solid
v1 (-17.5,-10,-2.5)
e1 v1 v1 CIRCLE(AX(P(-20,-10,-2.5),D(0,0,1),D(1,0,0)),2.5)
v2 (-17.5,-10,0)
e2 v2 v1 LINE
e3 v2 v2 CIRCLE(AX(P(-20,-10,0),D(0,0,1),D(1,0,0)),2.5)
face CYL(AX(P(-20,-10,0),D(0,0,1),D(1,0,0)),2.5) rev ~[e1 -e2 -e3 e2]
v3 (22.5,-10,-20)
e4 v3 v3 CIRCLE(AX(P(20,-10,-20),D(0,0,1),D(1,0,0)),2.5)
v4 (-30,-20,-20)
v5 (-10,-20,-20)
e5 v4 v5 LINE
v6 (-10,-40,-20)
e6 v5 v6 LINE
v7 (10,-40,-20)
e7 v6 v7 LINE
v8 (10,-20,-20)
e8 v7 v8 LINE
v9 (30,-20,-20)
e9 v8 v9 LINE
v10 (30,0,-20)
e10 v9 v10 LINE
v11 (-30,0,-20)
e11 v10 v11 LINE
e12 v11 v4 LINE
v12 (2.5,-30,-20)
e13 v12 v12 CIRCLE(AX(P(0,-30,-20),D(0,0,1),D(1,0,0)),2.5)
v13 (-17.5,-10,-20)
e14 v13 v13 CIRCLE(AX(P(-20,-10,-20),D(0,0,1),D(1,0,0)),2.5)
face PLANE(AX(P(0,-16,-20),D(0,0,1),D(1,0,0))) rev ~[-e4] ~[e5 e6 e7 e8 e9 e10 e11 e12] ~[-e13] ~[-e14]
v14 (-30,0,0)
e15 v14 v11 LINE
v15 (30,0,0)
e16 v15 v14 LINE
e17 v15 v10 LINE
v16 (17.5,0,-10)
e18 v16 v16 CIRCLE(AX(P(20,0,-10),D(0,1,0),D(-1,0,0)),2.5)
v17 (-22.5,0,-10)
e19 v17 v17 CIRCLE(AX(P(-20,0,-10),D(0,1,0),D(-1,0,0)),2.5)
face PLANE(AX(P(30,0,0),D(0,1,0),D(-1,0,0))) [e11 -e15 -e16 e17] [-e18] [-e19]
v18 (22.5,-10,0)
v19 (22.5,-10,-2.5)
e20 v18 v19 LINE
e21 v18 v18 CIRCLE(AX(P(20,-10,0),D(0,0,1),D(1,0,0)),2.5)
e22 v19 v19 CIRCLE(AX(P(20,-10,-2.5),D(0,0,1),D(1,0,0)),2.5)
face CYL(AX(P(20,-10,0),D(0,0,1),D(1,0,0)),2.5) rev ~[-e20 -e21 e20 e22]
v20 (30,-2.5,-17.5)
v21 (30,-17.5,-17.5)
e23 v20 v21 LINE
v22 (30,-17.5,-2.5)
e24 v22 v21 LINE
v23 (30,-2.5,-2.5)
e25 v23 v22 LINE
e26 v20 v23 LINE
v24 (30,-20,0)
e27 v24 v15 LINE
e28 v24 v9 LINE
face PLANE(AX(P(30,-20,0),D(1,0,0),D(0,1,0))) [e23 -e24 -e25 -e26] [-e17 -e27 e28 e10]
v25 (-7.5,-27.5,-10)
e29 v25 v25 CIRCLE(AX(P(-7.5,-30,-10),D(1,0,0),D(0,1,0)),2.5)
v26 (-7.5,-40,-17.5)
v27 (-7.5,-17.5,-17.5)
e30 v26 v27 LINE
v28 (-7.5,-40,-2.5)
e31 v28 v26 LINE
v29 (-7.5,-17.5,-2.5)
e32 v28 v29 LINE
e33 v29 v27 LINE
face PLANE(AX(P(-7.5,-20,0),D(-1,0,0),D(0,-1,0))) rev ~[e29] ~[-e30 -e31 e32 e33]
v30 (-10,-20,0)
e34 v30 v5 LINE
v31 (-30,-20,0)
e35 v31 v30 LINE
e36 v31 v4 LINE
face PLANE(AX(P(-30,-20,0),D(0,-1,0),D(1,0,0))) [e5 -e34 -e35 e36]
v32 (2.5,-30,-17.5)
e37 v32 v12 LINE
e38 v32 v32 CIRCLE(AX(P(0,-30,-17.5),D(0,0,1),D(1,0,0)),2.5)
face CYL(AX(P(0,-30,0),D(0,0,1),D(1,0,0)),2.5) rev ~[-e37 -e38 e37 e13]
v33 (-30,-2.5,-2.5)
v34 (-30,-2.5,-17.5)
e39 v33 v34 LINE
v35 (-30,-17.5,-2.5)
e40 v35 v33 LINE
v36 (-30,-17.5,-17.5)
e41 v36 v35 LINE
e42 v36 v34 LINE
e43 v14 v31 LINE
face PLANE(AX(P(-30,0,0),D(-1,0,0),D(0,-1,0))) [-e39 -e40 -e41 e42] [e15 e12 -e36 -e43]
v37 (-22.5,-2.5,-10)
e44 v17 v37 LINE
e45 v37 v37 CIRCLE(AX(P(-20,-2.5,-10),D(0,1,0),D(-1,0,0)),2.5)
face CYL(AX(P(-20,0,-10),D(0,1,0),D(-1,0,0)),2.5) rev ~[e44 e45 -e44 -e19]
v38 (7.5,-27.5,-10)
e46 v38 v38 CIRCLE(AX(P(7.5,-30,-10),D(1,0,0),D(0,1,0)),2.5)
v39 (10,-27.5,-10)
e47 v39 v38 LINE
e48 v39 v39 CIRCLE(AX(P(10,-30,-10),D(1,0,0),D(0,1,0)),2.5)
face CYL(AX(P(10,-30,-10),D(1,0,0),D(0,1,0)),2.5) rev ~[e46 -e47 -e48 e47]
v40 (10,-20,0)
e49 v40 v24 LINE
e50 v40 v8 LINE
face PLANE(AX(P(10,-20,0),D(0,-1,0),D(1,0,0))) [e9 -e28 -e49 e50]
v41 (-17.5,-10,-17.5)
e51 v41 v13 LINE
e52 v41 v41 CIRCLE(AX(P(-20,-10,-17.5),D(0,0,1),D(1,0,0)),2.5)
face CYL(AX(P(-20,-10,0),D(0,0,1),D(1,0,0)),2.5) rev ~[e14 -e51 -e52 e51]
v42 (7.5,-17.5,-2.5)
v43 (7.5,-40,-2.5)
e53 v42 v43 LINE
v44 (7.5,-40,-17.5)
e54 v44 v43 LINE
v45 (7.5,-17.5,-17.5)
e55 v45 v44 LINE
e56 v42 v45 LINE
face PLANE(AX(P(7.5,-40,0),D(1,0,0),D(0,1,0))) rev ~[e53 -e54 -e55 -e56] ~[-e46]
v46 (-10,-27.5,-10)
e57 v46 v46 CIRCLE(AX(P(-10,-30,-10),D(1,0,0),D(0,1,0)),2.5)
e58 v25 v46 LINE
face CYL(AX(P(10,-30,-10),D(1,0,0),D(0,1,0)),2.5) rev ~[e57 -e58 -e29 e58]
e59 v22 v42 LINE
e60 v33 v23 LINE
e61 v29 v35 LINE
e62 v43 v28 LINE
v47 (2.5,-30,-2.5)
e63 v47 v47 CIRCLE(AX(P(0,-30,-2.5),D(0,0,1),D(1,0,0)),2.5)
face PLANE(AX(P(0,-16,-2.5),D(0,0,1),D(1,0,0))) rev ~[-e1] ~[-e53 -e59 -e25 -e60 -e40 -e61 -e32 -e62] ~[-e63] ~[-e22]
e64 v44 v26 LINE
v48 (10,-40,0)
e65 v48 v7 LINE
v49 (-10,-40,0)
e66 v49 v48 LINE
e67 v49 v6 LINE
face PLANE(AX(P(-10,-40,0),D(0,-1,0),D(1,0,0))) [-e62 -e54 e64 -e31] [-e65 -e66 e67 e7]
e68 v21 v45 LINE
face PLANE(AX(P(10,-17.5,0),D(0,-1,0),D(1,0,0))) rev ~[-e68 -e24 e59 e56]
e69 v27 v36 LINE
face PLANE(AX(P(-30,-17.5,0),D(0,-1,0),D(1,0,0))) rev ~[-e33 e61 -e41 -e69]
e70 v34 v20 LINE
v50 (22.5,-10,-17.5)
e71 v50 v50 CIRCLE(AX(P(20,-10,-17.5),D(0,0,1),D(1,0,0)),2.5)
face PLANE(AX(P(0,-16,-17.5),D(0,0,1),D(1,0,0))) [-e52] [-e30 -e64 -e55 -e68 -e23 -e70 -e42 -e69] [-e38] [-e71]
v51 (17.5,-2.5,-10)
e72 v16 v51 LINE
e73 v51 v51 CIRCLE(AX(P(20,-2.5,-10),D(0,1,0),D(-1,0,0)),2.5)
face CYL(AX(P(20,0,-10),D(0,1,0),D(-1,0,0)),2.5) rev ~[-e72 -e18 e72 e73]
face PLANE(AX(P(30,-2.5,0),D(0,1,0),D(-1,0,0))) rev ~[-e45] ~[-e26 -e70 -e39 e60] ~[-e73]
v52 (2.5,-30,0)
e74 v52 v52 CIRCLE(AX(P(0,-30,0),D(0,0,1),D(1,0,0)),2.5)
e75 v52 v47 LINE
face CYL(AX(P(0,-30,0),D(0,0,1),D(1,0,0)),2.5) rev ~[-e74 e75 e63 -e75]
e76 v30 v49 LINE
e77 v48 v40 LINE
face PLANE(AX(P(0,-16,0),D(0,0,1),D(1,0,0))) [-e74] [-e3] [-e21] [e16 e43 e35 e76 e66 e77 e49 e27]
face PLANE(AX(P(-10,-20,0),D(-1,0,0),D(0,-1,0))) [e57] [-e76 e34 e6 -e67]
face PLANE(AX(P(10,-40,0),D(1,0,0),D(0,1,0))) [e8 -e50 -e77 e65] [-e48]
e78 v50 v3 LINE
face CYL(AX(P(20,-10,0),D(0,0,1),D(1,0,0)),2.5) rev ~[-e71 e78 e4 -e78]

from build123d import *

# Parameters (mm, degrees)
F1_DEPTH = 20
F2_T     = -2.5
F3_R     = 2.5
F4_DEPTH = 20.001
F5_R     = 2.5
F6_DEPTH = 2.5
F7_R     = 2.5
F8_DEPTH = 40.001


with BuildPart() as f1:
    # F0 (on Top) → F1 (new body)
    with BuildSketch(Plane.XY):
        Polygon((30, 0), (-30, 0), (-30, -20), (-10, -20), (-10, -40), (10, -40), (10, -20), (30, -20), align=None)
    extrude(amount=-F1_DEPTH)

    # F2
    f2_openings = [f1.faces().sort_by_distance(p)[0] for p in [
        (30, -10, -10),
        (0, -40, -10),
        (-30, -10, -10),
    ]]
    offset(amount=F2_T, openings=f2_openings, kind=Kind.INTERSECTION)

    # F3 (on face) → F4 (cut, through all)
    with BuildSketch(Plane.XY):
        with Locations((-20, -10)):
            Circle(F3_R)
        with Locations((20, -10)):
            Circle(F3_R)
        with Locations((0, -30)):
            Circle(F3_R)
    extrude(amount=-F4_DEPTH, mode=Mode.SUBTRACT)

    # F5 (on face) → F6 (cut, through all)
    with BuildSketch(Plane(origin=(0, 0, 0), x_dir=(-1, 0, 0), z_dir=(0, 1, 0))):
        with Locations((-20, -10)):
            Circle(F5_R)
        with Locations((20, -10)):
            Circle(F5_R)
    extrude(amount=-F6_DEPTH, mode=Mode.SUBTRACT)

    # F7 (on face) → F8 (cut, through all)
    with BuildSketch(Plane.YZ.offset(10)):
        with Locations((-30, -10)):
            Circle(F7_R)
    extrude(amount=-F8_DEPTH, mode=Mode.SUBTRACT)


solid = f1.part
